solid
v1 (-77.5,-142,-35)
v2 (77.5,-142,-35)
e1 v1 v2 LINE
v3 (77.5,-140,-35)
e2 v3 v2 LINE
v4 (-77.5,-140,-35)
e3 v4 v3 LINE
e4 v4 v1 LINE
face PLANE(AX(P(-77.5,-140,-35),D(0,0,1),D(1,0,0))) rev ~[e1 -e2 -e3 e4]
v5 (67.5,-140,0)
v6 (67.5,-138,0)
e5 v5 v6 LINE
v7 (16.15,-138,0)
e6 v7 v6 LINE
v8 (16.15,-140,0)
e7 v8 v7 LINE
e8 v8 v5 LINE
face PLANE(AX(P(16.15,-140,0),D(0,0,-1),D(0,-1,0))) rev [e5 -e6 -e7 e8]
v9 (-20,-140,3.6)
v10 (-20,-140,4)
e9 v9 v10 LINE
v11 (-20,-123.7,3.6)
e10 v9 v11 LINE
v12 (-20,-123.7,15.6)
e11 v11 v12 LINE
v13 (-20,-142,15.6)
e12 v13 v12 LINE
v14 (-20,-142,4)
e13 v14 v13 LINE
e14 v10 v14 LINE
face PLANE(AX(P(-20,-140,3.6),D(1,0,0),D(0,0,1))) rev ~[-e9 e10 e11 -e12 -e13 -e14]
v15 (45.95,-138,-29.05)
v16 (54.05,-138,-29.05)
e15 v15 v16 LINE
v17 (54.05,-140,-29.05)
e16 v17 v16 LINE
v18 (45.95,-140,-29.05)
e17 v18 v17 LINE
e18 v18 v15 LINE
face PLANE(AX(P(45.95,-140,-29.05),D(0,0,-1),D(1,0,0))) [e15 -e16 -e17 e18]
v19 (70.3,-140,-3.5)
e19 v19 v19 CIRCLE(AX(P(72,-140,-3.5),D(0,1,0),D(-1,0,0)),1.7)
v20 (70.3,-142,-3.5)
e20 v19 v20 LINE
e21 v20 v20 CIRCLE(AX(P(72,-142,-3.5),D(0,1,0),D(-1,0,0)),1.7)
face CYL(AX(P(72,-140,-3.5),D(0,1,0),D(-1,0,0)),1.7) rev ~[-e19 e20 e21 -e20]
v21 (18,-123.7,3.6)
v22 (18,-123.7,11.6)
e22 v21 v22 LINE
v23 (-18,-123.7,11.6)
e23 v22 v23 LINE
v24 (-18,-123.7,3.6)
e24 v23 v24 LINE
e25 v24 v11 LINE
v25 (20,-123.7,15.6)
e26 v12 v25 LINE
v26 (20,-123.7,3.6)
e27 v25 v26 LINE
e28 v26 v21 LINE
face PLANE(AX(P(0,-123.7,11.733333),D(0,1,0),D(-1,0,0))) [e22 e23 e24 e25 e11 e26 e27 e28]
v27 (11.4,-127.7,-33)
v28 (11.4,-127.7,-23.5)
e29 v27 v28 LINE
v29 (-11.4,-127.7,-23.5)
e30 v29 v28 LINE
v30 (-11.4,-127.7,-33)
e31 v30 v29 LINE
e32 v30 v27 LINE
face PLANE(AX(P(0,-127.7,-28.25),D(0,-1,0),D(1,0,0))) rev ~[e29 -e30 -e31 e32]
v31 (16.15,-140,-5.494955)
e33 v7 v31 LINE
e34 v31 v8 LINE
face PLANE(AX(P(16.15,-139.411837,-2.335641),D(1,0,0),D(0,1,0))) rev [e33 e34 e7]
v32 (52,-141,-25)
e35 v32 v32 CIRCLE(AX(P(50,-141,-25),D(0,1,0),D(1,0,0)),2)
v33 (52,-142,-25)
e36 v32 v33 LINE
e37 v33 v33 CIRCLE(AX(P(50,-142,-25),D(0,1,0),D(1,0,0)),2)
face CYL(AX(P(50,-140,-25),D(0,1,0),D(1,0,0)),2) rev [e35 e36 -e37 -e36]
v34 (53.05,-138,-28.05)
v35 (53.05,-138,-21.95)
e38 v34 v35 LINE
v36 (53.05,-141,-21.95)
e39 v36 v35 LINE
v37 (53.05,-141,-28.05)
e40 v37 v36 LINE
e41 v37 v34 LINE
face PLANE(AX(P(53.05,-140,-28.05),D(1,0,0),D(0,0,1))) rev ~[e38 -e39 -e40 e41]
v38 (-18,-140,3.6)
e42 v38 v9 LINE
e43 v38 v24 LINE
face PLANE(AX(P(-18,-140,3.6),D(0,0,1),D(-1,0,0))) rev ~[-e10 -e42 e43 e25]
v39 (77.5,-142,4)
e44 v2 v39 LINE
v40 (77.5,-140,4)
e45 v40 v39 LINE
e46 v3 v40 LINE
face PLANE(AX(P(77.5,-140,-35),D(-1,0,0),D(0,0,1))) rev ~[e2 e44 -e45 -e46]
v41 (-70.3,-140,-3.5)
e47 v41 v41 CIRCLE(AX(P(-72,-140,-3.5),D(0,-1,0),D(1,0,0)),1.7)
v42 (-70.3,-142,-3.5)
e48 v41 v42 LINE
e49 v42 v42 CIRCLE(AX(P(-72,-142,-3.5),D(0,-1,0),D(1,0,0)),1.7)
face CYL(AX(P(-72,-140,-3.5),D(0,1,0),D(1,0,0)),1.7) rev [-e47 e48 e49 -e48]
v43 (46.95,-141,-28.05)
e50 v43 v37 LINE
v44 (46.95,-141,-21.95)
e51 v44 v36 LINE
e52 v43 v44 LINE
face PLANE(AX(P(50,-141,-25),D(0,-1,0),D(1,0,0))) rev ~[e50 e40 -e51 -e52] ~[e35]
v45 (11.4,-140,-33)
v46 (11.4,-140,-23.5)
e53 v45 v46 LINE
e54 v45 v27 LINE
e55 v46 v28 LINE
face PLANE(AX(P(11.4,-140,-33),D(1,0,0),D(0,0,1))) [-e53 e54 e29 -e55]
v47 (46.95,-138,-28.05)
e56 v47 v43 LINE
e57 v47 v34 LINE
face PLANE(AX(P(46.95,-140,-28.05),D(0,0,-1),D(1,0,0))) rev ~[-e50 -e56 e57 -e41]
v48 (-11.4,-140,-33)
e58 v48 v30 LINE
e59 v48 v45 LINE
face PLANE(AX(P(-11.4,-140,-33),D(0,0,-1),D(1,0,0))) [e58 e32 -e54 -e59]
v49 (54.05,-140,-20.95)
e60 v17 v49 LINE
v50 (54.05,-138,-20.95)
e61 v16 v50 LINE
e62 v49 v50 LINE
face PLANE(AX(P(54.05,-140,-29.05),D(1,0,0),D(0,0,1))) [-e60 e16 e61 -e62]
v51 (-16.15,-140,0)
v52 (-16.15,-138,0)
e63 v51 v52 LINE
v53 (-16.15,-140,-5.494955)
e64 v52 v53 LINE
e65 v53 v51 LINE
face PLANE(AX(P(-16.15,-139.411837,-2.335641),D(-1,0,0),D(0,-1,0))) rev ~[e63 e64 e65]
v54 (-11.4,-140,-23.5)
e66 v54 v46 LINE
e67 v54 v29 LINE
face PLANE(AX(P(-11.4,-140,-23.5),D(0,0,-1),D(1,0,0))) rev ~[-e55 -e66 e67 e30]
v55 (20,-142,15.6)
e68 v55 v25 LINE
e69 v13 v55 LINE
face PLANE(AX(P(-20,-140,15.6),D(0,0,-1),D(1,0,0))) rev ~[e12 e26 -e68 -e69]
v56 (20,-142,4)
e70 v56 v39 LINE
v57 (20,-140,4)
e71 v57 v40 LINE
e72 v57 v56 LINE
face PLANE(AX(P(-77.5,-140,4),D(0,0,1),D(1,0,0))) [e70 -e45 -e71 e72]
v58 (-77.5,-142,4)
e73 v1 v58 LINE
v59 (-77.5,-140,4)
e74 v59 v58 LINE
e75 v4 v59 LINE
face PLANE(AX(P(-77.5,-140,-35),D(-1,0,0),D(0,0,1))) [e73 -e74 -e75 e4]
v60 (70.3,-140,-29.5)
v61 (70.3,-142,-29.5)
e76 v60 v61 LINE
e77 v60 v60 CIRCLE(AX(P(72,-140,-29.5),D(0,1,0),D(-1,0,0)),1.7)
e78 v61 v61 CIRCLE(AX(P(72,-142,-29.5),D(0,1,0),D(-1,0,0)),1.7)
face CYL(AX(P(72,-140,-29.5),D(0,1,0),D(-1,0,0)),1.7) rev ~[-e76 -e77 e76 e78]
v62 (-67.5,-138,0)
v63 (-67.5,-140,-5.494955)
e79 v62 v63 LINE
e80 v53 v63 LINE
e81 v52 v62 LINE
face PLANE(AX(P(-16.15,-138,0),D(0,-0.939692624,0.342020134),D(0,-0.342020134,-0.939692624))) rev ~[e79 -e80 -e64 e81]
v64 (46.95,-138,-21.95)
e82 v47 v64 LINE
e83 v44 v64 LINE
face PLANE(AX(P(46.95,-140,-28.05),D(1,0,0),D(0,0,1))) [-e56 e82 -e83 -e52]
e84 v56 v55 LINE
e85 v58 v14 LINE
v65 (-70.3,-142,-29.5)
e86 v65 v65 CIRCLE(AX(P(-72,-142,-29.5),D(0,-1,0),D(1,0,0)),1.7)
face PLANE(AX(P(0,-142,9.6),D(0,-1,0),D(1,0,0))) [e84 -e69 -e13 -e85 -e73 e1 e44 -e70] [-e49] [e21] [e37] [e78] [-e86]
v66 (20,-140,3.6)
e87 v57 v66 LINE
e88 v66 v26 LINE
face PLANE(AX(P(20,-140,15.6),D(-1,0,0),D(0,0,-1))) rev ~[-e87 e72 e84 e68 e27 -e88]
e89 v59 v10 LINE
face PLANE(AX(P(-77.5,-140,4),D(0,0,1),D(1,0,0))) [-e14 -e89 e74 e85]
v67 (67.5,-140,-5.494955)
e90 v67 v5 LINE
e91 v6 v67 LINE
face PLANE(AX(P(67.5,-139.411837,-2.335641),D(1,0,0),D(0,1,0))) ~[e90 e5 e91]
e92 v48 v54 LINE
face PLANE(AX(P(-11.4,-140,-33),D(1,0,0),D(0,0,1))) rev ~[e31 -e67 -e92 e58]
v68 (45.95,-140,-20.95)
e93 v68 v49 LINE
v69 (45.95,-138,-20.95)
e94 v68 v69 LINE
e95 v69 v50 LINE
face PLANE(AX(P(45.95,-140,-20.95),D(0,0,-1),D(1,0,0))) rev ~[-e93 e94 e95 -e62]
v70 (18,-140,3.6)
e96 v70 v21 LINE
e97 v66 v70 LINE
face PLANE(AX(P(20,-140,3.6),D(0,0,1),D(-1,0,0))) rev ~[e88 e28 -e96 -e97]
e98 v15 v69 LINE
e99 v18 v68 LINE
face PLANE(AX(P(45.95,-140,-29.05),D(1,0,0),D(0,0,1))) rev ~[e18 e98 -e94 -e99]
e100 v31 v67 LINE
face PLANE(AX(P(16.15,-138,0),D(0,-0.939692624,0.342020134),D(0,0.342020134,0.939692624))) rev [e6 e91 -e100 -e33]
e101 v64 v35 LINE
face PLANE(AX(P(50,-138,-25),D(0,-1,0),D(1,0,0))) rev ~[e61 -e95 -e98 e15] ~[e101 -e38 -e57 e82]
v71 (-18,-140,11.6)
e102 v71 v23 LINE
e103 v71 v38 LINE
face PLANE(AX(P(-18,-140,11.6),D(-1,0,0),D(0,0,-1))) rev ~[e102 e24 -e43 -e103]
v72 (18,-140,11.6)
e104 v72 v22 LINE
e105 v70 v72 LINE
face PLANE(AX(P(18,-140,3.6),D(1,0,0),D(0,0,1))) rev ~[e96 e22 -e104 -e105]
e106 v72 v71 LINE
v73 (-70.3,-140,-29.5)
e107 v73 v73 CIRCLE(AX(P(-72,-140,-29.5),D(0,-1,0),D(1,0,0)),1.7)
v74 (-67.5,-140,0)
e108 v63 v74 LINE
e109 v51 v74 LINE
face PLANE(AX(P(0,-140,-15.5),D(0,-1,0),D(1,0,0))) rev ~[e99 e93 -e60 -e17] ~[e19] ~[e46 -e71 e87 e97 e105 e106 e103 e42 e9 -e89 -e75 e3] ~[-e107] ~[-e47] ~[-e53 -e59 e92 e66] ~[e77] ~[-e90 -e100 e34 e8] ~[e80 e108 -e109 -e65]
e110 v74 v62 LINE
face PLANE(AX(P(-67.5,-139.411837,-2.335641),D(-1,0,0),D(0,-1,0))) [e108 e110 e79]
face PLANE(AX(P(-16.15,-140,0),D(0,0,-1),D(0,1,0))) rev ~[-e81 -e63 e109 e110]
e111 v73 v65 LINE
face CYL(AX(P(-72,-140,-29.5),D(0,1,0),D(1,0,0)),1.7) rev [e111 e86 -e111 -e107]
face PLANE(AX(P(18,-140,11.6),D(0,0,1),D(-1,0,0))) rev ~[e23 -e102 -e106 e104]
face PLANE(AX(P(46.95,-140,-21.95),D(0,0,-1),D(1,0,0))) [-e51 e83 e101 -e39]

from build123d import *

# Parameters (mm, degrees)
SKETCH043_W     = 155
SKETCH043_H     = 39
PAD008_DEPTH    = 2
SKETCH044_W     = 22.8
SKETCH044_H     = 9.5
PAD009_DEPTH    = 12.3
PAD011_DEPTH    = 51.35
SKETCH052_W     = 6.1
SKETCH052_H     = 6.1
POCKET011_DEPTH = 1
SKETCH053_R     = 2
POCKET012_DEPTH = 2.001
SKETCH065_W     = 40
SKETCH065_H     = 12
PAD020_DEPTH    = 2
PAD021_DEPTH    = 16.3
SKETCH069_R     = 1.7
POCKET016_DEPTH = 2
SKETCH079_W     = 8.1
SKETCH079_H     = 8.1
SKETCH079_W_2   = 6.1
SKETCH079_H_2   = 6.1
PAD025_DEPTH    = 2


with BuildPart() as part:
    # Sketch043 → Pad008 (new body)
    with BuildSketch(Plane.XZ):
        with Locations((0, -15.5)):
            Rectangle(SKETCH043_W, SKETCH043_H)
    extrude(amount=PAD008_DEPTH)

    # Sketch044 → Pad009 (join)
    with BuildSketch(Plane.XZ):
        with Locations((0, -28.25)):
            Rectangle(SKETCH044_W, SKETCH044_H)
    extrude(amount=-PAD009_DEPTH)

    # Sketch046 (on DatumPlane) → Pad011 (join)
    with BuildSketch(Plane.YZ.offset(-16.15)):
        Polygon((0, 0), (2, 0), (0, -5.494955), align=None)
    pad011 = extrude(amount=-PAD011_DEPTH)

    # Mirrored005: Pad011 across YZ
    add(pad011.mirror(Plane.YZ))

    # Sketch052 → Pocket011 (cut)
    with BuildSketch(Plane.XZ):
        with Locations((50, -25)):
            Rectangle(SKETCH052_W, SKETCH052_H)
    extrude(amount=POCKET011_DEPTH, mode=Mode.SUBTRACT)

    # Sketch053 → Pocket012 (cut, through all)
    with BuildSketch(Plane.XZ):
        with Locations((50, -25)):
            Circle(SKETCH053_R)
    extrude(amount=POCKET012_DEPTH, mode=Mode.SUBTRACT)

    # Sketch065 → Pad020 (join)
    with BuildSketch(Plane.XZ):
        with Locations((0, 9.6)):
            Rectangle(SKETCH065_W, SKETCH065_H)
    extrude(amount=PAD020_DEPTH)

    # Sketch066 → Pad021 (join)
    with BuildSketch(Plane.XZ):
        Polygon((-20, 3.6), (-20, 15.6), (20, 15.6), (20, 3.6), (18, 3.6), (18, 11.6), (-18, 11.6), (-18, 3.6), align=None)
    extrude(amount=-PAD021_DEPTH)

    # Sketch069 → Pocket016 (cut)
    with BuildSketch(Plane.XZ):
        with Locations((-72, -3.5)):
            Circle(SKETCH069_R)
        with Locations((-72, -29.5)):
            Circle(SKETCH069_R)
    pocket016 = extrude(amount=POCKET016_DEPTH, mode=Mode.SUBTRACT)

    # Mirrored010: Pocket016 across Sketch069 V_Axis
    add(pocket016.mirror(Plane(origin=(0, 0, 0), x_dir=(0, -1, 0), z_dir=(1, 0, 0))), mode=Mode.SUBTRACT)

    # Sketch079 → Pad025 (join)
    with BuildSketch(Plane.XZ):
        with Locations((50, -25)):
            Rectangle(SKETCH079_W, SKETCH079_H)
        with Locations((50, -25)):
            Rectangle(SKETCH079_W_2, SKETCH079_H_2, mode=Mode.SUBTRACT)
    extrude(amount=-PAD025_DEPTH)


with BuildPart() as part_1:
    # Body005 placement: moved
    add(part.part.moved(Location((0, -140, 0))))


solid = part_1.part
